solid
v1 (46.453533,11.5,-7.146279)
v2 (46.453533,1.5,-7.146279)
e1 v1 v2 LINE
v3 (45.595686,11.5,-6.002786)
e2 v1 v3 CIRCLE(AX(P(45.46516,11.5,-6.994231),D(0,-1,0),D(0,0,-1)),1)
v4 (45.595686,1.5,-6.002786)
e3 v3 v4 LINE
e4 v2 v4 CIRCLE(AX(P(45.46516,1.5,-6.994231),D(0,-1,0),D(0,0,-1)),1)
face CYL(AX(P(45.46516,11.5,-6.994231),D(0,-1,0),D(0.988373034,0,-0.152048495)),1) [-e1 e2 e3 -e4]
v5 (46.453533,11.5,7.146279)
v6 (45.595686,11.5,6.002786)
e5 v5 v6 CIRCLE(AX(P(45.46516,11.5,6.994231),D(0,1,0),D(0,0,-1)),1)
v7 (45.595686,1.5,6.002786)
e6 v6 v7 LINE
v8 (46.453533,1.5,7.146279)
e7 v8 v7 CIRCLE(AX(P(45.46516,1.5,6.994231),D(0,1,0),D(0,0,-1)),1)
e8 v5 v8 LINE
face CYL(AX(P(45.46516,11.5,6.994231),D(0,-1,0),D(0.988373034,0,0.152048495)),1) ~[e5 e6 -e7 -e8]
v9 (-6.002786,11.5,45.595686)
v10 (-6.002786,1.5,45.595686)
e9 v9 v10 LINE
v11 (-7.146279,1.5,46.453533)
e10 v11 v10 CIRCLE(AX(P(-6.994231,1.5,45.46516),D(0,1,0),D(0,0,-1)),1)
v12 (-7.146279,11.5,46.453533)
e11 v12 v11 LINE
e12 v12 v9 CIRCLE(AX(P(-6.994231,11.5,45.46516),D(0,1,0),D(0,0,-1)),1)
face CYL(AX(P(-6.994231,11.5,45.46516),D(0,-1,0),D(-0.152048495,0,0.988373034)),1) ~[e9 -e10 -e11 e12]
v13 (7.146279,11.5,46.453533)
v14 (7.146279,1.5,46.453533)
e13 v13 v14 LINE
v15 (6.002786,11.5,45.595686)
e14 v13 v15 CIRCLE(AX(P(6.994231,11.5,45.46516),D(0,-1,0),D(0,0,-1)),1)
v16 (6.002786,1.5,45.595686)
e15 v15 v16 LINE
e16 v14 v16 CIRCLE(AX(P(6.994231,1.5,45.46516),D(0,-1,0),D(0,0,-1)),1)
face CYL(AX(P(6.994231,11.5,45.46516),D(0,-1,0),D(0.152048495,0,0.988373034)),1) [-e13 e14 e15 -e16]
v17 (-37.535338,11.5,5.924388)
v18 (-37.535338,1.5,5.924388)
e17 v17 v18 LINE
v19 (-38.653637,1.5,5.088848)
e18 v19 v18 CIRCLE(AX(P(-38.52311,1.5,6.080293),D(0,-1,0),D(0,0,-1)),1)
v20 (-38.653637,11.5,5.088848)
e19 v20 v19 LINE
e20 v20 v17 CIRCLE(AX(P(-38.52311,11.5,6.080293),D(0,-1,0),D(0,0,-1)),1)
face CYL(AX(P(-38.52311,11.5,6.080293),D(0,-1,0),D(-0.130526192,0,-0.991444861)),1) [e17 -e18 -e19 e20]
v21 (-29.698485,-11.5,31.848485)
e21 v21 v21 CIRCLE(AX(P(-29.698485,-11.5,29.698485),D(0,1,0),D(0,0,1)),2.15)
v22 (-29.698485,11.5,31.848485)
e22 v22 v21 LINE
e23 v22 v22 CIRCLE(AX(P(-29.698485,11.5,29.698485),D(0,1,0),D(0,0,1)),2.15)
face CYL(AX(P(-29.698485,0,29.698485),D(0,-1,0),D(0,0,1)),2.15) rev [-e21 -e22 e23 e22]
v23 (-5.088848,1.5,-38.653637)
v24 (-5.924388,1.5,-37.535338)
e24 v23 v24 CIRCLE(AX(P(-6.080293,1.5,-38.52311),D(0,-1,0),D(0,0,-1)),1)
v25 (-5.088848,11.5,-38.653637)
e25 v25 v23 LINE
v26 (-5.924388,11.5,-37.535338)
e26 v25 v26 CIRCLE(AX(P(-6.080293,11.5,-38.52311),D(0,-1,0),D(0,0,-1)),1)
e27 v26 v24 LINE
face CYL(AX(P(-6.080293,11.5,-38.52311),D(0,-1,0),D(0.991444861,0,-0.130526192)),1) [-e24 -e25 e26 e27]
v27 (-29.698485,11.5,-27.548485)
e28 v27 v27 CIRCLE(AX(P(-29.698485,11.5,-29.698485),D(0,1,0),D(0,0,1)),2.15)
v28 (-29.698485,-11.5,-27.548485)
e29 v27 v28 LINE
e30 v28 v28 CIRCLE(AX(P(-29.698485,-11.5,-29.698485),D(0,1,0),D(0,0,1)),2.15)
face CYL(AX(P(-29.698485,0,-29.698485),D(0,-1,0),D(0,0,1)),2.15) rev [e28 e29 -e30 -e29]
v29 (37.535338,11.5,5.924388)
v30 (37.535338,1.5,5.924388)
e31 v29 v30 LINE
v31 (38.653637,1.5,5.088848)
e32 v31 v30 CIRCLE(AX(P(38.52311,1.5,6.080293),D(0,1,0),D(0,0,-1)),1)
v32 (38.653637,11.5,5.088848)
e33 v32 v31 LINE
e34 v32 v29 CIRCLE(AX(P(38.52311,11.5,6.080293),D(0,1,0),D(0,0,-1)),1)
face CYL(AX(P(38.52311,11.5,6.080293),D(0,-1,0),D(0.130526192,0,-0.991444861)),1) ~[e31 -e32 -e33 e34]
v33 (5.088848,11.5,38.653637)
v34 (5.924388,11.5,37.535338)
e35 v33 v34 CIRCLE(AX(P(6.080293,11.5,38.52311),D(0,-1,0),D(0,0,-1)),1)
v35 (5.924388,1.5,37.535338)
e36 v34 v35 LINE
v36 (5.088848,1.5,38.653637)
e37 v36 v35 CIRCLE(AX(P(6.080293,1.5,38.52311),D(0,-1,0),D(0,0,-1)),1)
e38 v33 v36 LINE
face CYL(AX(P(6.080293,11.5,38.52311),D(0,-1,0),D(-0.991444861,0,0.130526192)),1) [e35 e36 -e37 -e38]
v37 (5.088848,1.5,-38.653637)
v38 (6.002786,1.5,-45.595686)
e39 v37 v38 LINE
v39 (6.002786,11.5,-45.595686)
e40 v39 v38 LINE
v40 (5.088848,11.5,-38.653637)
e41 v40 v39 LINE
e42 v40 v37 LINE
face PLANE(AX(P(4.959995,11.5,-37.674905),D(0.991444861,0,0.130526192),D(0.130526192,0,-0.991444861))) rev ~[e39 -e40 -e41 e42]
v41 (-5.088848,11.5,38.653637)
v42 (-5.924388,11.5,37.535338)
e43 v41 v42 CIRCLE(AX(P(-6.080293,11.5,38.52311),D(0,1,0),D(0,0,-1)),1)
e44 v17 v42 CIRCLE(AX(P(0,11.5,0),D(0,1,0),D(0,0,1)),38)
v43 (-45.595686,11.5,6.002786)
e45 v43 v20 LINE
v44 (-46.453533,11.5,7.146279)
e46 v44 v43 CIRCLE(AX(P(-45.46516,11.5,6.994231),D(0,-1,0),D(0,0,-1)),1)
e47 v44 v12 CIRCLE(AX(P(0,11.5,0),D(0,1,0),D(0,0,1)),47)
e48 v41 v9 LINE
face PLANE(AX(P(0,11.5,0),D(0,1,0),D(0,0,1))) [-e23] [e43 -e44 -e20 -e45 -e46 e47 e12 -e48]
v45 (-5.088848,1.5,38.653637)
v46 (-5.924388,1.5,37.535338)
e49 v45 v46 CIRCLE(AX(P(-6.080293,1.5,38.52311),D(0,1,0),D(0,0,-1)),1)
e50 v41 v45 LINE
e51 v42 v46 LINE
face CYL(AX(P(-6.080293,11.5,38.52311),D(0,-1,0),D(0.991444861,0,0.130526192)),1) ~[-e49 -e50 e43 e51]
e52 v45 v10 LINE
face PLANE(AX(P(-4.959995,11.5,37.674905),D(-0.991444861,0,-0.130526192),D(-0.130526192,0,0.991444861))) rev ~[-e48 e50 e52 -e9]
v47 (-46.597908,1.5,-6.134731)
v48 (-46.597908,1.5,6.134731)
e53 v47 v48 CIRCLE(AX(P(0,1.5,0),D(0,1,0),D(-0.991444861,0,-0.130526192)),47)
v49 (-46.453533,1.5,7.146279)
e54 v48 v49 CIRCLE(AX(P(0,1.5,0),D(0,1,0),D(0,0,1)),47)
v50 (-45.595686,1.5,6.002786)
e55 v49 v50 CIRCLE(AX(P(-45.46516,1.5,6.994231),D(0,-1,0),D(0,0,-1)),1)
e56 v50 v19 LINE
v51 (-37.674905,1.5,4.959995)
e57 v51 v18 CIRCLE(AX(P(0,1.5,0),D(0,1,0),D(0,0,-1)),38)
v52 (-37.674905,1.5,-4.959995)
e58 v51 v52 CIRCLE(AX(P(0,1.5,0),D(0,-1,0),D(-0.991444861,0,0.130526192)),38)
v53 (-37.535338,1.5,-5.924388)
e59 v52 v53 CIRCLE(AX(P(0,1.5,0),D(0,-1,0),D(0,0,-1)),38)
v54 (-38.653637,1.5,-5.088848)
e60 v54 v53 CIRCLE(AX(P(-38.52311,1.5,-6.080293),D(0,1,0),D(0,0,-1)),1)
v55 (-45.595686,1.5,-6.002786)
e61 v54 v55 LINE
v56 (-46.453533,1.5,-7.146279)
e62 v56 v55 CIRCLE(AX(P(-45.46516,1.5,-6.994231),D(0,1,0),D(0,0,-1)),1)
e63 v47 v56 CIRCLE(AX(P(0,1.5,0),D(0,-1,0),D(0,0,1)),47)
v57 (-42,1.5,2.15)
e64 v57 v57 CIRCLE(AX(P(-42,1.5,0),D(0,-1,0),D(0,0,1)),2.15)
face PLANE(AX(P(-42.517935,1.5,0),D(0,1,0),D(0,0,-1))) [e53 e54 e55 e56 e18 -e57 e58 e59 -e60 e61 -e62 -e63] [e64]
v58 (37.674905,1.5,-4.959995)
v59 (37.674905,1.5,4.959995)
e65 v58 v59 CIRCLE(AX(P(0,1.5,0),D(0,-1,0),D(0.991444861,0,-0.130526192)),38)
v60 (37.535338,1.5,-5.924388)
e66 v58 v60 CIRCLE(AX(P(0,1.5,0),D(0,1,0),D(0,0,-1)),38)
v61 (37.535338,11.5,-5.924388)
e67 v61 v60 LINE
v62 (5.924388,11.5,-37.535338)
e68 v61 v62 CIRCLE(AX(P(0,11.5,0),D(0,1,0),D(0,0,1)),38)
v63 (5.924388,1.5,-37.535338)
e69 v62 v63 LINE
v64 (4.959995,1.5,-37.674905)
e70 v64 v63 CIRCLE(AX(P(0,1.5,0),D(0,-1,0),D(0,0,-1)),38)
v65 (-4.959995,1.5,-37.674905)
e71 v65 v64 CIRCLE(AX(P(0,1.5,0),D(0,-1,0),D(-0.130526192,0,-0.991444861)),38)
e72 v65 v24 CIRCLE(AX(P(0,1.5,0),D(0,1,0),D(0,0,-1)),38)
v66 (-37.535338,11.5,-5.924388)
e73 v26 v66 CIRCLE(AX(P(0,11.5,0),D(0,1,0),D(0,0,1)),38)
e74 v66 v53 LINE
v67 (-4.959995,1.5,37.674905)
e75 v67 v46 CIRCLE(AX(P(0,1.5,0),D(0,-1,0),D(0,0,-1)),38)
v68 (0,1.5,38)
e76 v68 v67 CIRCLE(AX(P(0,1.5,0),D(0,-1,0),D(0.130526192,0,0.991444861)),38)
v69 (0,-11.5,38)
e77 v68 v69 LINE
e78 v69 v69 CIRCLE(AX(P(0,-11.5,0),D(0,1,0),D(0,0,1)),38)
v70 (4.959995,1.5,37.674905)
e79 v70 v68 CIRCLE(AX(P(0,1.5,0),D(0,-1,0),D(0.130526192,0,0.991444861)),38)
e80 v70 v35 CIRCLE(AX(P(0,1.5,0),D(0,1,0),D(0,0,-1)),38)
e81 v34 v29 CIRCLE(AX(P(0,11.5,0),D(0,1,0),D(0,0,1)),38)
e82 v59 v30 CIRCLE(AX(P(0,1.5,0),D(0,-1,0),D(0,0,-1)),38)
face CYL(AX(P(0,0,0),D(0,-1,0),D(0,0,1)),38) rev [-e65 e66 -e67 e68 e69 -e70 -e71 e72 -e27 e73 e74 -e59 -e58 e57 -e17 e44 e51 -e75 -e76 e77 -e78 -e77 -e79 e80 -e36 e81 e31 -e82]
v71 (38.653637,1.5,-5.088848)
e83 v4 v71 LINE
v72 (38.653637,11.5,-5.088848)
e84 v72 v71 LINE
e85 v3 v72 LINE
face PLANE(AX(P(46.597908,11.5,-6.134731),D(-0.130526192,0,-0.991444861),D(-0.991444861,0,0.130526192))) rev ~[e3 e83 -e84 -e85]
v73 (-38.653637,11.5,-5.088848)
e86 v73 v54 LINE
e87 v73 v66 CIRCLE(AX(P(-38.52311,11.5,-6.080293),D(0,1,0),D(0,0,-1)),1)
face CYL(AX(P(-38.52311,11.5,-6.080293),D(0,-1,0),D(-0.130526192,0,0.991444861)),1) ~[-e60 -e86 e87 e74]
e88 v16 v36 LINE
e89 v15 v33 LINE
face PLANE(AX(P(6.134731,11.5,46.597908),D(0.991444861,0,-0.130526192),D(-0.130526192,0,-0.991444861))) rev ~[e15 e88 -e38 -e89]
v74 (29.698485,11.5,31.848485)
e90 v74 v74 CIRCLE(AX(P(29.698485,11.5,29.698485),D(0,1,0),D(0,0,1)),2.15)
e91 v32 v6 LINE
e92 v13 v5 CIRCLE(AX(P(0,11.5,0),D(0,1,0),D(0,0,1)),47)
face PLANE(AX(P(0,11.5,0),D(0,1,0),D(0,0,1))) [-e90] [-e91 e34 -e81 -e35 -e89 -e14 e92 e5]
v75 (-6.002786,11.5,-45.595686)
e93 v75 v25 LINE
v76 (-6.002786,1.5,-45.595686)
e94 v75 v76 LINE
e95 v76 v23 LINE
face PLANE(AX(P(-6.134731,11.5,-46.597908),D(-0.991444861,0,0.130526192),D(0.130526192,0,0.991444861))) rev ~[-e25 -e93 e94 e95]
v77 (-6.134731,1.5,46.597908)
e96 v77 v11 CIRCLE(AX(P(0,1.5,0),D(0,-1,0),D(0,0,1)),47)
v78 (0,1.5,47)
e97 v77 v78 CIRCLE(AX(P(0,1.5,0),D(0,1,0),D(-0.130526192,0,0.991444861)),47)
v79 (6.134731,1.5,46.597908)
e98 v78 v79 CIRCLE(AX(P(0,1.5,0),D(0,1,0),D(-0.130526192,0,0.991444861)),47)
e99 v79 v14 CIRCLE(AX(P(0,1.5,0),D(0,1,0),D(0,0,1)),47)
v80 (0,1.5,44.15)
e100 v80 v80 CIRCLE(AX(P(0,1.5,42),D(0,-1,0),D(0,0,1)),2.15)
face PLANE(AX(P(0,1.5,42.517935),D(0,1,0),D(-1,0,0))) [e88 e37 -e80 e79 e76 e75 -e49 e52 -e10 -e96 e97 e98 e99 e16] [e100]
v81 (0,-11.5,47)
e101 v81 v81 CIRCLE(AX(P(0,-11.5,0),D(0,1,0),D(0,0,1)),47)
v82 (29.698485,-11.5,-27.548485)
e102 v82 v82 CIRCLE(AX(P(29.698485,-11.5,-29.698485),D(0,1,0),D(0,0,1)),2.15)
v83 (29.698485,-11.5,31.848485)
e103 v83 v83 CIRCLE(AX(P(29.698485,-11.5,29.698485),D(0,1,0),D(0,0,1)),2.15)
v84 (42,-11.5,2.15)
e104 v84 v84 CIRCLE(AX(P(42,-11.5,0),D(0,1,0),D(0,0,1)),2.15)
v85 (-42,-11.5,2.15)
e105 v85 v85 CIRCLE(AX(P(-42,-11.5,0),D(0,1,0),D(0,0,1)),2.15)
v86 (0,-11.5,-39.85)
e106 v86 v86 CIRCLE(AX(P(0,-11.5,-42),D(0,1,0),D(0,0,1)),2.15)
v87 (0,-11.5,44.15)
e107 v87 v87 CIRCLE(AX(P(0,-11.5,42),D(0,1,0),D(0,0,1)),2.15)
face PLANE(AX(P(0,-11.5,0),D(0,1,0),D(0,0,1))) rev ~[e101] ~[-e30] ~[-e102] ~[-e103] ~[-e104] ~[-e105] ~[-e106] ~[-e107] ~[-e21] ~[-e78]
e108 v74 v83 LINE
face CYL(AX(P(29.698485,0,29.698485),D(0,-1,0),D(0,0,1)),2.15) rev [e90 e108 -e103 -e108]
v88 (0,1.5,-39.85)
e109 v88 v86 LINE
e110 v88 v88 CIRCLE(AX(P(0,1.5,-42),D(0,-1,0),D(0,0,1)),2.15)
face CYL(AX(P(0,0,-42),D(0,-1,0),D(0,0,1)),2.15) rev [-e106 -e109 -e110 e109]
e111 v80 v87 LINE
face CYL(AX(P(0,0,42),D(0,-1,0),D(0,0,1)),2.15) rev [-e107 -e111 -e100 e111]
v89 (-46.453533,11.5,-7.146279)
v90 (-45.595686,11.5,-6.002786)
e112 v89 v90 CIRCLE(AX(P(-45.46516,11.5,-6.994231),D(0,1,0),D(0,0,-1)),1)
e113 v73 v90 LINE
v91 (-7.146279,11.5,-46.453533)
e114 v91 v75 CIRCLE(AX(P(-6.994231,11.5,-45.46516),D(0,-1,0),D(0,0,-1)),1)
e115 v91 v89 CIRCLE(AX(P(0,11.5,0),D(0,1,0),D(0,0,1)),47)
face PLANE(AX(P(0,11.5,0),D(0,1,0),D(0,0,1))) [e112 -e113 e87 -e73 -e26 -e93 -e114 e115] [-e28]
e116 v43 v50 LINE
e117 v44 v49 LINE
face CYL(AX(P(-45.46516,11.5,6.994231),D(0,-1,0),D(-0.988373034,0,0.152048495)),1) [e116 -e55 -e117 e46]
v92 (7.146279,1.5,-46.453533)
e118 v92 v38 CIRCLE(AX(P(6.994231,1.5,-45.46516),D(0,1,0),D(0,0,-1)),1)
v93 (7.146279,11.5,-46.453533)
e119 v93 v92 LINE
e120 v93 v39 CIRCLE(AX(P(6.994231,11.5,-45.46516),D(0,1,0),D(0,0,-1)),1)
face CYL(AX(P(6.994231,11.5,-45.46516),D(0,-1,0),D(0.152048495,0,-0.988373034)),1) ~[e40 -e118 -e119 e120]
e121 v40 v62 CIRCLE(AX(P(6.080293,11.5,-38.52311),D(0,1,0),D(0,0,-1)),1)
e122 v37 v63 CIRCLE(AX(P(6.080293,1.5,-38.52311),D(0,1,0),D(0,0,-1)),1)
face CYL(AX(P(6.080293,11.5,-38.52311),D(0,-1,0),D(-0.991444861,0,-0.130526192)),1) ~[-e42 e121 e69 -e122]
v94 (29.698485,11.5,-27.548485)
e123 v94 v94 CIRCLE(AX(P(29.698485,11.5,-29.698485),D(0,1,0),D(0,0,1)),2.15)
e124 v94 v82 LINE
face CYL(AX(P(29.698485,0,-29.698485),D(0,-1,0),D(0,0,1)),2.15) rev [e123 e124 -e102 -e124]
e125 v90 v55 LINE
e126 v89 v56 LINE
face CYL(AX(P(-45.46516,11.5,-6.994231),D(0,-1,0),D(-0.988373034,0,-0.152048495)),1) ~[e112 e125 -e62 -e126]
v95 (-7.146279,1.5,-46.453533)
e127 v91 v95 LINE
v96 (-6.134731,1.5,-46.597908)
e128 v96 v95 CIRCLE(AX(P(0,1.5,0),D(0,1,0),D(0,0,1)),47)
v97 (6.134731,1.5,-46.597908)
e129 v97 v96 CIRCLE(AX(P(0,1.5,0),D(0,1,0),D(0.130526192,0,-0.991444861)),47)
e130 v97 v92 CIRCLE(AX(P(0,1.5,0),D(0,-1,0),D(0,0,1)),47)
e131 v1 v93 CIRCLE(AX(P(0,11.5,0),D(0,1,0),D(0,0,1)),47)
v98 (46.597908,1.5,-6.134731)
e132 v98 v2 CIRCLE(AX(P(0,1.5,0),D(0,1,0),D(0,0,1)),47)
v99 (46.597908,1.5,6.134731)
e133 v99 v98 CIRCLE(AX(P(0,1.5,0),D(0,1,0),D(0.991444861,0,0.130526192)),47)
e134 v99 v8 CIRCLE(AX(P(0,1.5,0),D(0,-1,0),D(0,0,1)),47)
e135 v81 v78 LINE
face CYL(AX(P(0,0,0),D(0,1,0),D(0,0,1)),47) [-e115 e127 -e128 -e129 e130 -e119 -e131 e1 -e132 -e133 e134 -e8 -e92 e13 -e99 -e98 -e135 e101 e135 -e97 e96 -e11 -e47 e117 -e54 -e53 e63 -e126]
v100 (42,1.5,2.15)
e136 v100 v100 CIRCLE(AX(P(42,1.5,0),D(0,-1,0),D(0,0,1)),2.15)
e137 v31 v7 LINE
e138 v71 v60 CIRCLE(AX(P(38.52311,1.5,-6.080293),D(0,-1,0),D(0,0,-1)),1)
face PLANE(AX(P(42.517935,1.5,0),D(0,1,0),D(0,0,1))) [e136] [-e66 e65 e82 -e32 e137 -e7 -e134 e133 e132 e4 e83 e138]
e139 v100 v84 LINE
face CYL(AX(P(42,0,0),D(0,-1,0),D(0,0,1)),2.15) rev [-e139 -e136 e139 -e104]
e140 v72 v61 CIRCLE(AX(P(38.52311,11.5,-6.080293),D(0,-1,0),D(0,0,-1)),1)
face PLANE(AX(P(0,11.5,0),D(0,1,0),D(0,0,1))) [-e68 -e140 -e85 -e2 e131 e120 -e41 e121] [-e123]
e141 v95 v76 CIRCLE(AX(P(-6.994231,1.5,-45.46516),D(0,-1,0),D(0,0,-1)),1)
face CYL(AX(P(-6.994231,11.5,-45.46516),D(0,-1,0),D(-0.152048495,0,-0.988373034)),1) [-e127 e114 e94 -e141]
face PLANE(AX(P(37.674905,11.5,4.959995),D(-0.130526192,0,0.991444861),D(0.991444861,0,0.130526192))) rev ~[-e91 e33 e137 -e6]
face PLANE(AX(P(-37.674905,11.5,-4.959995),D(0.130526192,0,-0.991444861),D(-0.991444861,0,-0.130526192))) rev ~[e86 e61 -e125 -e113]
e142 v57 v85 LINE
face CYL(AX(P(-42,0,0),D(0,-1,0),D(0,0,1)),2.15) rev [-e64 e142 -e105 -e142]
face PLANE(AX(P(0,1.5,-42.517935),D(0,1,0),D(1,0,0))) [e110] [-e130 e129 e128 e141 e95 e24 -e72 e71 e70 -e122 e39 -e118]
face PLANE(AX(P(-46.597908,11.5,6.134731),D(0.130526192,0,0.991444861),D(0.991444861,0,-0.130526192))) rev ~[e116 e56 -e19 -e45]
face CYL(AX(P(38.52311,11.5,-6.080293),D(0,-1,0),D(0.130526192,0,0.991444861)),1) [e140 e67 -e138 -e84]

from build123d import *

# Parameters (mm, degrees)
SKETCH1_R                = 47
SKETCH1_R_2              = 38
SKETCH1_R_3              = 2.15
BOSS_EXTRUDE1_DEPTH      = 11.5
CUT_EXTRUDE1_DEPTH       = 10
FILLET1_R                = 1
CIRPATTERN1_COUNT        = 4
CIRPATTERN1_ANGLE        = 270
FILLET1_OF_CIRPATTERN1_R = 1


with BuildPart() as part:
    # Sketch1 → Boss-Extrude1 (new, symmetric)
    with BuildSketch(Plane(origin=(0, 0, 0), x_dir=(1, 0, 0), z_dir=(0, 1, 0))):
        with Locations(Location((0, 0, 0), (0, 0, 270))):
            Circle(SKETCH1_R)
        with Locations(Location((0, 0, 0), (0, 0, 270))):
            Circle(SKETCH1_R_2, mode=Mode.SUBTRACT)
        with Locations(Location((0, 42, 0), (0, 0, 270))):
            Circle(SKETCH1_R_3, mode=Mode.SUBTRACT)
        with Locations(Location((29.69848481, 29.69848481, 0), (0, 0, 270))):
            Circle(SKETCH1_R_3, mode=Mode.SUBTRACT)
        with Locations(Location((42, 0, 0), (0, 0, 270))):
            Circle(SKETCH1_R_3, mode=Mode.SUBTRACT)
        with Locations(Location((29.69848481, -29.69848481, 0), (0, 0, 270))):
            Circle(SKETCH1_R_3, mode=Mode.SUBTRACT)
        with Locations(Location((0, -42, 0), (0, 0, 270))):
            Circle(SKETCH1_R_3, mode=Mode.SUBTRACT)
        with Locations(Location((-29.69848481, -29.69848481, 0), (0, 0, 270))):
            Circle(SKETCH1_R_3, mode=Mode.SUBTRACT)
        with Locations(Location((-42, 0, 0), (0, 0, 270))):
            Circle(SKETCH1_R_3, mode=Mode.SUBTRACT)
        with Locations(Location((-29.69848481, 29.69848481, 0), (0, 0, 270))):
            Circle(SKETCH1_R_3, mode=Mode.SUBTRACT)
    extrude(amount=BOSS_EXTRUDE1_DEPTH, both=True)

    # Sketch2 → Cut-Extrude1 (cut)
    with BuildSketch(Plane(origin=(0, 11.5, 0), x_dir=(1, 0, 0), z_dir=(0, 1, 0))):
        with BuildLine():
            Line((-6.134731034, 46.597908485), (-4.959995304, 37.674904732))
            ThreePointArc((-4.959995304, 37.674904732), (0, 38), (4.959995304, 37.674904732))
            Line((4.959995304, 37.674904732), (6.134731034, 46.597908485))
            ThreePointArc((6.134731034, 46.597908485), (0, 47), (-6.134731034, 46.597908485))
        make_face()
    cut_extrude1 = extrude(amount=-CUT_EXTRUDE1_DEPTH, mode=Mode.SUBTRACT)

    # Fillet1
    fillet1_edges = [part.edges().sort_by_distance(p)[0] for p in [
        (-6.134731034, 6.5, -46.597908485),
        (6.134731034, 6.5, -46.597908485),
        (4.959995304, 6.5, -37.674904732),
        (-4.959995304, 6.5, -37.674904732),
    ]]
    fillet(fillet1_edges, radius=FILLET1_R)

    # CirPattern1: Cut-Extrude1 ×4 about axis
    cirpattern1_axis = Axis((0, 0, 0), (0, 1, 0))
    for i in range(1, CIRPATTERN1_COUNT):
        add(cut_extrude1.rotate(cirpattern1_axis, i * CIRPATTERN1_ANGLE / (CIRPATTERN1_COUNT - 1)), mode=Mode.SUBTRACT)

    # Fillet1 of CirPattern1
    fillet1_of_cirpattern1_edges = [part.edges().sort_by_distance(p)[0] for p in [
        (-46.597908485, 6.5, 6.134731034),
        (-46.597908485, 6.5, -6.134731034),
        (-37.674904732, 6.5, -4.959995304),
        (-37.674904732, 6.5, 4.959995304),
        (6.134731034, 6.5, 46.597908485),
        (-6.134731034, 6.5, 46.597908485),
        (-4.959995304, 6.5, 37.674904732),
        (4.959995304, 6.5, 37.674904732),
        (46.597908485, 6.5, -6.134731034),
        (46.597908485, 6.5, 6.134731034),
        (37.674904732, 6.5, 4.959995304),
        (37.674904732, 6.5, -4.959995304),
    ]]
    fillet(fillet1_of_cirpattern1_edges, radius=FILLET1_OF_CIRPATTERN1_R)


solid = part.part
